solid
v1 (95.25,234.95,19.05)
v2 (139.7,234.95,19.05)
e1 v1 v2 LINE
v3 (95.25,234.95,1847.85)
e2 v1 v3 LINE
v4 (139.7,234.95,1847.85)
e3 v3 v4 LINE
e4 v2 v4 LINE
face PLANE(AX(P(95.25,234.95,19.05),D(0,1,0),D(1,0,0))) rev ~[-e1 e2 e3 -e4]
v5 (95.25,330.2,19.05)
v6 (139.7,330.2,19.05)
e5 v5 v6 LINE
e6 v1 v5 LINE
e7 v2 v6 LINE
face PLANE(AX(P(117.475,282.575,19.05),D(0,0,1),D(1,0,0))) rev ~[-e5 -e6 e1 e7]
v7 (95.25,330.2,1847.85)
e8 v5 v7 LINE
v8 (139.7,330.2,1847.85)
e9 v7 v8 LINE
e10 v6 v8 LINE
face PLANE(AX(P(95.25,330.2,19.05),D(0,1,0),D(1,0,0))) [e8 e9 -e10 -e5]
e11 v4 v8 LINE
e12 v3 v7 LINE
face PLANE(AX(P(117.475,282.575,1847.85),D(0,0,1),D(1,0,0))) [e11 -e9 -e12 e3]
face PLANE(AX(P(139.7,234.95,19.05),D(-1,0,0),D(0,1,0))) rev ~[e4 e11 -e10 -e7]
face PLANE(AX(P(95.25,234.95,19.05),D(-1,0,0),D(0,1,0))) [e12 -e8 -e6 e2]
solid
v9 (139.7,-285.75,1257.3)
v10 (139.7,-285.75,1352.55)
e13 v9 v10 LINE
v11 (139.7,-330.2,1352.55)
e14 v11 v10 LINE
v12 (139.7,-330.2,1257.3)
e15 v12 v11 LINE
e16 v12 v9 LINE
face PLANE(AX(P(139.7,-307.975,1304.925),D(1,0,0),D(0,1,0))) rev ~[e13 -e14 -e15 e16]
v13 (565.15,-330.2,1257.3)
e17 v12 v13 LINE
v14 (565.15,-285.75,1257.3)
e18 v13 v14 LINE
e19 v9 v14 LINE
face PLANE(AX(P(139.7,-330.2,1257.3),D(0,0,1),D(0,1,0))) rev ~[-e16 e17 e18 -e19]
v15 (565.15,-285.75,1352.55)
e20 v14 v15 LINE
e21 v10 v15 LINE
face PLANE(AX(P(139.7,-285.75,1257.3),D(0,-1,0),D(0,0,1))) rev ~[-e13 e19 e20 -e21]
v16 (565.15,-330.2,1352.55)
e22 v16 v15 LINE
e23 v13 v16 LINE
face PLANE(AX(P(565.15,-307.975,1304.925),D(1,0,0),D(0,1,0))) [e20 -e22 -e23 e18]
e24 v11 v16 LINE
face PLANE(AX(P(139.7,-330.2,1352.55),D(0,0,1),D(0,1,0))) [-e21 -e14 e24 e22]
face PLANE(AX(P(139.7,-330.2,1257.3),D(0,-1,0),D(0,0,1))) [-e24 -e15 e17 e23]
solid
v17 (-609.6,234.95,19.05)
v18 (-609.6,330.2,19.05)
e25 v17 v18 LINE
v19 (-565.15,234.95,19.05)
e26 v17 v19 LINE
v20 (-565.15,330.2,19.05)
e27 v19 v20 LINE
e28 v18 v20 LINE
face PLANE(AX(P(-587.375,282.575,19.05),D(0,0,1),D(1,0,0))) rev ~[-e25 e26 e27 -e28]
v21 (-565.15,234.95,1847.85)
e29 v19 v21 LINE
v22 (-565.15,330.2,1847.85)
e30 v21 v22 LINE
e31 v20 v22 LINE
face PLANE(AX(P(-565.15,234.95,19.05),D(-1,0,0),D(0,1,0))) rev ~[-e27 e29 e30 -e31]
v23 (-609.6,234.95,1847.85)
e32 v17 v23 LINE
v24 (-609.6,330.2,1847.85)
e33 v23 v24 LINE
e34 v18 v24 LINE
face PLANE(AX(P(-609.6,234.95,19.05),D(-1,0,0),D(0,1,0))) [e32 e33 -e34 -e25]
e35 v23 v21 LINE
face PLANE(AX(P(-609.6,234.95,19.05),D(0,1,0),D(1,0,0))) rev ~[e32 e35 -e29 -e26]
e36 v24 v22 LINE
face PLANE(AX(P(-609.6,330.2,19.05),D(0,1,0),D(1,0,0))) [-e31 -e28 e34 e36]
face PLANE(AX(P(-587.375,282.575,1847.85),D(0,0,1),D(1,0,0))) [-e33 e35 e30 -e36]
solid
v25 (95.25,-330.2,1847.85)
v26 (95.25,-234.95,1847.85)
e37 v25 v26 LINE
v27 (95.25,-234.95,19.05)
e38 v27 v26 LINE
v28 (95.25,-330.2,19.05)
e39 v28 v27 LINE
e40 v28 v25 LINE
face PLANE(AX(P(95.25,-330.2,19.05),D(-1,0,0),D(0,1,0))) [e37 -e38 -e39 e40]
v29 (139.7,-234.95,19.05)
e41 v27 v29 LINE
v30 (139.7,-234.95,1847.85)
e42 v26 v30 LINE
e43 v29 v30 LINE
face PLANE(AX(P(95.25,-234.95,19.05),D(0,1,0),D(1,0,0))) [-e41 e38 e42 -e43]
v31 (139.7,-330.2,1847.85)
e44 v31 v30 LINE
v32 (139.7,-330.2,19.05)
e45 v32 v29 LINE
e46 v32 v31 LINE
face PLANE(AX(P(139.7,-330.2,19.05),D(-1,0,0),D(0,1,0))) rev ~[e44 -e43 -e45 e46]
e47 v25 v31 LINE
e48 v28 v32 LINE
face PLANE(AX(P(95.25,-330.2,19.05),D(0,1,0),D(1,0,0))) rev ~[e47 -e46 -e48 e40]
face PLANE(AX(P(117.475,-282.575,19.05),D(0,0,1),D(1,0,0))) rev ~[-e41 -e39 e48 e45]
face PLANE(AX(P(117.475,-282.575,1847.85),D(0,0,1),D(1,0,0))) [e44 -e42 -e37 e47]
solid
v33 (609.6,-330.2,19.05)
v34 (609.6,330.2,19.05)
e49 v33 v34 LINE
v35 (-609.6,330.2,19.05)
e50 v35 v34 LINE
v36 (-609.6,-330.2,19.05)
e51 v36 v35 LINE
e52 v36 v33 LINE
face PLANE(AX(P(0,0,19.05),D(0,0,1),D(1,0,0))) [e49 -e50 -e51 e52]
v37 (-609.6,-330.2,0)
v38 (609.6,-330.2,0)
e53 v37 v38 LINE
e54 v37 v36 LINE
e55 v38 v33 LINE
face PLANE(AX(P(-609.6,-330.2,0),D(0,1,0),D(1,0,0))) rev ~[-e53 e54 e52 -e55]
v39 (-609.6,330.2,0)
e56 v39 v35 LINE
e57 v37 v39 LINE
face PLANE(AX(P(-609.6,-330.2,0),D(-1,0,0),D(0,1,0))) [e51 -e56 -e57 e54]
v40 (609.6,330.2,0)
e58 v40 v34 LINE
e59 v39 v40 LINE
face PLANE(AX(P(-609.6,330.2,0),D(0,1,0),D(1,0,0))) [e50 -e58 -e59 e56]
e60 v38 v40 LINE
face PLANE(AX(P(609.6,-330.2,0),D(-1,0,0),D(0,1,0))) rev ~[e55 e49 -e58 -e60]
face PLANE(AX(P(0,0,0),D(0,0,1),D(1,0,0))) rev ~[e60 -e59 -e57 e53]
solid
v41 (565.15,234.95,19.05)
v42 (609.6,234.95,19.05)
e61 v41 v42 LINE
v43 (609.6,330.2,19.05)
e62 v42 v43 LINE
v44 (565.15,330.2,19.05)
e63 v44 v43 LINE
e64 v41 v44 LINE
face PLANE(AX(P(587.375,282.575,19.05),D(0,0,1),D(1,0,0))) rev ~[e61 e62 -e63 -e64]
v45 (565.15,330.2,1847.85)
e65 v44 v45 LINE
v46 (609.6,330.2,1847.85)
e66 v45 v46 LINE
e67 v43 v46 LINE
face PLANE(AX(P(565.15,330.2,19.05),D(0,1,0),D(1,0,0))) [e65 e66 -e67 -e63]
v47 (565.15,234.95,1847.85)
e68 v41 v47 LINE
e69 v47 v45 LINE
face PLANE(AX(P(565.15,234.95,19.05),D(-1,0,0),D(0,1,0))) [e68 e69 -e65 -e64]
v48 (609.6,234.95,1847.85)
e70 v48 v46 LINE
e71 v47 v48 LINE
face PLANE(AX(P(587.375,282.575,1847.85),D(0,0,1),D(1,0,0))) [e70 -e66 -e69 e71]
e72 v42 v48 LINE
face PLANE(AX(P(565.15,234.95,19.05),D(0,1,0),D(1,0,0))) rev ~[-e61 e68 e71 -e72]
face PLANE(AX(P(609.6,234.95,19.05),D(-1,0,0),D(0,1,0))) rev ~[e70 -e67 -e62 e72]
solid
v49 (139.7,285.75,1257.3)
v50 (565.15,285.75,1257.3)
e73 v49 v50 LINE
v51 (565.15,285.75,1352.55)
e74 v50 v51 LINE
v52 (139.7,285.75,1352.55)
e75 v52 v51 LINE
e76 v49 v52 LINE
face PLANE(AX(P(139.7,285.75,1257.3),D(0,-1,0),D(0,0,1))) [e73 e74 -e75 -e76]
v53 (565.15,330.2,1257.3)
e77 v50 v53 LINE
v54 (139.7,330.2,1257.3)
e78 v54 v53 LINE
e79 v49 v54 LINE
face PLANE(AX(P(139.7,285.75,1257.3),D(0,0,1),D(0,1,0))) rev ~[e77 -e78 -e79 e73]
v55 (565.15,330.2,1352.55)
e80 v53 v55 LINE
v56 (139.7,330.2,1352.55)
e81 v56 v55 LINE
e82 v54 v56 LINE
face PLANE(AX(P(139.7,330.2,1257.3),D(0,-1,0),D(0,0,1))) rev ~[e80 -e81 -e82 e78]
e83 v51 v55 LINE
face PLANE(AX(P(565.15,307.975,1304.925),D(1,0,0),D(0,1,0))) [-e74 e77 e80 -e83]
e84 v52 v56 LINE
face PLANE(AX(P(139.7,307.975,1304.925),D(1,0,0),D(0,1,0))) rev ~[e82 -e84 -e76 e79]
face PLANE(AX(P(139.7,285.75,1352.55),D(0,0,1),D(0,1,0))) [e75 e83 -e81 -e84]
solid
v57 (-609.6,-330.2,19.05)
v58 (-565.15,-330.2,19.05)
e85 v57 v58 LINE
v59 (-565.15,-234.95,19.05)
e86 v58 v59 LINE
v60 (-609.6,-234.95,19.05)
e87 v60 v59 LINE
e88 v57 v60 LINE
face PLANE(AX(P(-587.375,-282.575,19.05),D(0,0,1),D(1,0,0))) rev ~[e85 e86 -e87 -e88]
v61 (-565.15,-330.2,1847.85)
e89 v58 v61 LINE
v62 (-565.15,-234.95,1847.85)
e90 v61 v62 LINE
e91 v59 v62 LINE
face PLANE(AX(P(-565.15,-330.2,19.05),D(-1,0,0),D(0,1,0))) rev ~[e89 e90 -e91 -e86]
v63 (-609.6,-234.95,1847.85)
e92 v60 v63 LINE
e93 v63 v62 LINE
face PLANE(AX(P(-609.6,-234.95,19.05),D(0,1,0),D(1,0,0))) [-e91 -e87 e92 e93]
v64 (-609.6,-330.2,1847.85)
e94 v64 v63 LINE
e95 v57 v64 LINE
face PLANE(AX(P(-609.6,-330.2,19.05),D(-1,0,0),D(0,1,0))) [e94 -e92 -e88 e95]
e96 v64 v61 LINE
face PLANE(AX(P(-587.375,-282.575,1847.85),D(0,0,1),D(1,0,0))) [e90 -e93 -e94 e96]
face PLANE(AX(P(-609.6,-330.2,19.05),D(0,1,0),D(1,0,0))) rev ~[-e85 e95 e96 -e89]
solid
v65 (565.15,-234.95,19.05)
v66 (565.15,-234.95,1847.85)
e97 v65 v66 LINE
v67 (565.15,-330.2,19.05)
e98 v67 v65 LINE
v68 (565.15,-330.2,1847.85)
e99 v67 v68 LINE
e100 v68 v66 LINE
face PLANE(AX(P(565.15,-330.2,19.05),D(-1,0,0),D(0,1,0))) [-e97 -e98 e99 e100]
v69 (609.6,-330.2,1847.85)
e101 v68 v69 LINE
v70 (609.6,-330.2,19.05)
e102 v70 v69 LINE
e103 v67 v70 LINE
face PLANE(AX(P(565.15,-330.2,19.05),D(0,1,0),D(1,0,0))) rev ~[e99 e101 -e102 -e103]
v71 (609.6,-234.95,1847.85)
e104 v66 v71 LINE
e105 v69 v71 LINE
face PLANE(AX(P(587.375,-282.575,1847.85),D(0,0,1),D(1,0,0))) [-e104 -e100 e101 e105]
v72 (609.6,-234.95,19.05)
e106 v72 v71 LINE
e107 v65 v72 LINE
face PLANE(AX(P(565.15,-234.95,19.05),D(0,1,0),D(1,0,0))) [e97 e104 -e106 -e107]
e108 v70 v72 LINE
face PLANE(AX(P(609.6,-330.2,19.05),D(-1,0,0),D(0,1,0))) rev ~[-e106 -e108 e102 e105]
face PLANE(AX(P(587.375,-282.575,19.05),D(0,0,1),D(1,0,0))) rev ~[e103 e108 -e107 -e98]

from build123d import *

# Parameters (mm, degrees)
F0_W      = 1219.2
F0_H      = 660.4
F1_DEPTH  = 19.05
F2_W      = 44.45
F2_H      = 95.25
F3_DEPTH  = 1828.8
F4_DEPTH  = 1828.8
F5_DEPTH  = 1828.8
F6_DEPTH  = 1828.8
F7_DEPTH  = 1828.8
F8_DEPTH  = 1828.8
F9_W      = 44.45
F9_H      = 95.25
F10_DEPTH = 425.45
F11_W     = 44.45
F11_H     = 95.25
F12_DEPTH = 425.45


with BuildPart() as f1:
    # F0 (on Top) → F1 (new body)
    with BuildSketch(Plane.XY):
        Rectangle(F0_W, F0_H)
    extrude(amount=F1_DEPTH)


with BuildPart() as f3:
    # F2 (on face) → F3 (new body)
    with BuildSketch(Plane.XY.offset(19.05)):
        with Locations((-587.375, 282.575)):
            Rectangle(F2_W, F2_H)
    extrude(amount=F3_DEPTH)


with BuildPart() as f4:
    # F2 (on face) → F4 (new body)
    with BuildSketch(Plane.XY.offset(19.05)):
        with Locations((117.475, 282.575)):
            Rectangle(F2_W, F2_H)
    extrude(amount=F4_DEPTH)


with BuildPart() as f5:
    # F2 (on face) → F5 (new body)
    with BuildSketch(Plane.XY.offset(19.05)):
        with Locations((587.375, 282.575)):
            Rectangle(F2_W, F2_H)
    extrude(amount=F5_DEPTH)


with BuildPart() as f6:
    # F2 (on face) → F6 (new body)
    with BuildSketch(Plane.XY.offset(19.05)):
        with Locations((-587.375, -282.575)):
            Rectangle(F2_W, F2_H)
    extrude(amount=F6_DEPTH)


with BuildPart() as f7:
    # F2 (on face) → F7 (new body)
    with BuildSketch(Plane.XY.offset(19.05)):
        with Locations((117.475, -282.575)):
            Rectangle(F2_W, F2_H)
    extrude(amount=F7_DEPTH)


with BuildPart() as f8:
    # F2 (on face) → F8 (new body)
    with BuildSketch(Plane.XY.offset(19.05)):
        with Locations((587.375, -282.575)):
            Rectangle(F2_W, F2_H)
    extrude(amount=F8_DEPTH)


with BuildPart() as f10:
    # F9 (on face) → F10 (new body)
    with BuildSketch(Plane.YZ.offset(139.7)):
        with Locations((-307.975, 1304.925)):
            Rectangle(F9_W, F9_H)
    extrude(amount=F10_DEPTH)


with BuildPart() as f12:
    # F11 (on face) → F12 (new body)
    with BuildSketch(Plane.YZ.offset(139.7)):
        with Locations((307.975, 1304.925)):
            Rectangle(F11_W, F11_H)
    extrude(amount=F12_DEPTH)


solid = Compound([f1.part, f3.part, f4.part, f5.part, f6.part, f7.part, f8.part, f10.part, f12.part])
